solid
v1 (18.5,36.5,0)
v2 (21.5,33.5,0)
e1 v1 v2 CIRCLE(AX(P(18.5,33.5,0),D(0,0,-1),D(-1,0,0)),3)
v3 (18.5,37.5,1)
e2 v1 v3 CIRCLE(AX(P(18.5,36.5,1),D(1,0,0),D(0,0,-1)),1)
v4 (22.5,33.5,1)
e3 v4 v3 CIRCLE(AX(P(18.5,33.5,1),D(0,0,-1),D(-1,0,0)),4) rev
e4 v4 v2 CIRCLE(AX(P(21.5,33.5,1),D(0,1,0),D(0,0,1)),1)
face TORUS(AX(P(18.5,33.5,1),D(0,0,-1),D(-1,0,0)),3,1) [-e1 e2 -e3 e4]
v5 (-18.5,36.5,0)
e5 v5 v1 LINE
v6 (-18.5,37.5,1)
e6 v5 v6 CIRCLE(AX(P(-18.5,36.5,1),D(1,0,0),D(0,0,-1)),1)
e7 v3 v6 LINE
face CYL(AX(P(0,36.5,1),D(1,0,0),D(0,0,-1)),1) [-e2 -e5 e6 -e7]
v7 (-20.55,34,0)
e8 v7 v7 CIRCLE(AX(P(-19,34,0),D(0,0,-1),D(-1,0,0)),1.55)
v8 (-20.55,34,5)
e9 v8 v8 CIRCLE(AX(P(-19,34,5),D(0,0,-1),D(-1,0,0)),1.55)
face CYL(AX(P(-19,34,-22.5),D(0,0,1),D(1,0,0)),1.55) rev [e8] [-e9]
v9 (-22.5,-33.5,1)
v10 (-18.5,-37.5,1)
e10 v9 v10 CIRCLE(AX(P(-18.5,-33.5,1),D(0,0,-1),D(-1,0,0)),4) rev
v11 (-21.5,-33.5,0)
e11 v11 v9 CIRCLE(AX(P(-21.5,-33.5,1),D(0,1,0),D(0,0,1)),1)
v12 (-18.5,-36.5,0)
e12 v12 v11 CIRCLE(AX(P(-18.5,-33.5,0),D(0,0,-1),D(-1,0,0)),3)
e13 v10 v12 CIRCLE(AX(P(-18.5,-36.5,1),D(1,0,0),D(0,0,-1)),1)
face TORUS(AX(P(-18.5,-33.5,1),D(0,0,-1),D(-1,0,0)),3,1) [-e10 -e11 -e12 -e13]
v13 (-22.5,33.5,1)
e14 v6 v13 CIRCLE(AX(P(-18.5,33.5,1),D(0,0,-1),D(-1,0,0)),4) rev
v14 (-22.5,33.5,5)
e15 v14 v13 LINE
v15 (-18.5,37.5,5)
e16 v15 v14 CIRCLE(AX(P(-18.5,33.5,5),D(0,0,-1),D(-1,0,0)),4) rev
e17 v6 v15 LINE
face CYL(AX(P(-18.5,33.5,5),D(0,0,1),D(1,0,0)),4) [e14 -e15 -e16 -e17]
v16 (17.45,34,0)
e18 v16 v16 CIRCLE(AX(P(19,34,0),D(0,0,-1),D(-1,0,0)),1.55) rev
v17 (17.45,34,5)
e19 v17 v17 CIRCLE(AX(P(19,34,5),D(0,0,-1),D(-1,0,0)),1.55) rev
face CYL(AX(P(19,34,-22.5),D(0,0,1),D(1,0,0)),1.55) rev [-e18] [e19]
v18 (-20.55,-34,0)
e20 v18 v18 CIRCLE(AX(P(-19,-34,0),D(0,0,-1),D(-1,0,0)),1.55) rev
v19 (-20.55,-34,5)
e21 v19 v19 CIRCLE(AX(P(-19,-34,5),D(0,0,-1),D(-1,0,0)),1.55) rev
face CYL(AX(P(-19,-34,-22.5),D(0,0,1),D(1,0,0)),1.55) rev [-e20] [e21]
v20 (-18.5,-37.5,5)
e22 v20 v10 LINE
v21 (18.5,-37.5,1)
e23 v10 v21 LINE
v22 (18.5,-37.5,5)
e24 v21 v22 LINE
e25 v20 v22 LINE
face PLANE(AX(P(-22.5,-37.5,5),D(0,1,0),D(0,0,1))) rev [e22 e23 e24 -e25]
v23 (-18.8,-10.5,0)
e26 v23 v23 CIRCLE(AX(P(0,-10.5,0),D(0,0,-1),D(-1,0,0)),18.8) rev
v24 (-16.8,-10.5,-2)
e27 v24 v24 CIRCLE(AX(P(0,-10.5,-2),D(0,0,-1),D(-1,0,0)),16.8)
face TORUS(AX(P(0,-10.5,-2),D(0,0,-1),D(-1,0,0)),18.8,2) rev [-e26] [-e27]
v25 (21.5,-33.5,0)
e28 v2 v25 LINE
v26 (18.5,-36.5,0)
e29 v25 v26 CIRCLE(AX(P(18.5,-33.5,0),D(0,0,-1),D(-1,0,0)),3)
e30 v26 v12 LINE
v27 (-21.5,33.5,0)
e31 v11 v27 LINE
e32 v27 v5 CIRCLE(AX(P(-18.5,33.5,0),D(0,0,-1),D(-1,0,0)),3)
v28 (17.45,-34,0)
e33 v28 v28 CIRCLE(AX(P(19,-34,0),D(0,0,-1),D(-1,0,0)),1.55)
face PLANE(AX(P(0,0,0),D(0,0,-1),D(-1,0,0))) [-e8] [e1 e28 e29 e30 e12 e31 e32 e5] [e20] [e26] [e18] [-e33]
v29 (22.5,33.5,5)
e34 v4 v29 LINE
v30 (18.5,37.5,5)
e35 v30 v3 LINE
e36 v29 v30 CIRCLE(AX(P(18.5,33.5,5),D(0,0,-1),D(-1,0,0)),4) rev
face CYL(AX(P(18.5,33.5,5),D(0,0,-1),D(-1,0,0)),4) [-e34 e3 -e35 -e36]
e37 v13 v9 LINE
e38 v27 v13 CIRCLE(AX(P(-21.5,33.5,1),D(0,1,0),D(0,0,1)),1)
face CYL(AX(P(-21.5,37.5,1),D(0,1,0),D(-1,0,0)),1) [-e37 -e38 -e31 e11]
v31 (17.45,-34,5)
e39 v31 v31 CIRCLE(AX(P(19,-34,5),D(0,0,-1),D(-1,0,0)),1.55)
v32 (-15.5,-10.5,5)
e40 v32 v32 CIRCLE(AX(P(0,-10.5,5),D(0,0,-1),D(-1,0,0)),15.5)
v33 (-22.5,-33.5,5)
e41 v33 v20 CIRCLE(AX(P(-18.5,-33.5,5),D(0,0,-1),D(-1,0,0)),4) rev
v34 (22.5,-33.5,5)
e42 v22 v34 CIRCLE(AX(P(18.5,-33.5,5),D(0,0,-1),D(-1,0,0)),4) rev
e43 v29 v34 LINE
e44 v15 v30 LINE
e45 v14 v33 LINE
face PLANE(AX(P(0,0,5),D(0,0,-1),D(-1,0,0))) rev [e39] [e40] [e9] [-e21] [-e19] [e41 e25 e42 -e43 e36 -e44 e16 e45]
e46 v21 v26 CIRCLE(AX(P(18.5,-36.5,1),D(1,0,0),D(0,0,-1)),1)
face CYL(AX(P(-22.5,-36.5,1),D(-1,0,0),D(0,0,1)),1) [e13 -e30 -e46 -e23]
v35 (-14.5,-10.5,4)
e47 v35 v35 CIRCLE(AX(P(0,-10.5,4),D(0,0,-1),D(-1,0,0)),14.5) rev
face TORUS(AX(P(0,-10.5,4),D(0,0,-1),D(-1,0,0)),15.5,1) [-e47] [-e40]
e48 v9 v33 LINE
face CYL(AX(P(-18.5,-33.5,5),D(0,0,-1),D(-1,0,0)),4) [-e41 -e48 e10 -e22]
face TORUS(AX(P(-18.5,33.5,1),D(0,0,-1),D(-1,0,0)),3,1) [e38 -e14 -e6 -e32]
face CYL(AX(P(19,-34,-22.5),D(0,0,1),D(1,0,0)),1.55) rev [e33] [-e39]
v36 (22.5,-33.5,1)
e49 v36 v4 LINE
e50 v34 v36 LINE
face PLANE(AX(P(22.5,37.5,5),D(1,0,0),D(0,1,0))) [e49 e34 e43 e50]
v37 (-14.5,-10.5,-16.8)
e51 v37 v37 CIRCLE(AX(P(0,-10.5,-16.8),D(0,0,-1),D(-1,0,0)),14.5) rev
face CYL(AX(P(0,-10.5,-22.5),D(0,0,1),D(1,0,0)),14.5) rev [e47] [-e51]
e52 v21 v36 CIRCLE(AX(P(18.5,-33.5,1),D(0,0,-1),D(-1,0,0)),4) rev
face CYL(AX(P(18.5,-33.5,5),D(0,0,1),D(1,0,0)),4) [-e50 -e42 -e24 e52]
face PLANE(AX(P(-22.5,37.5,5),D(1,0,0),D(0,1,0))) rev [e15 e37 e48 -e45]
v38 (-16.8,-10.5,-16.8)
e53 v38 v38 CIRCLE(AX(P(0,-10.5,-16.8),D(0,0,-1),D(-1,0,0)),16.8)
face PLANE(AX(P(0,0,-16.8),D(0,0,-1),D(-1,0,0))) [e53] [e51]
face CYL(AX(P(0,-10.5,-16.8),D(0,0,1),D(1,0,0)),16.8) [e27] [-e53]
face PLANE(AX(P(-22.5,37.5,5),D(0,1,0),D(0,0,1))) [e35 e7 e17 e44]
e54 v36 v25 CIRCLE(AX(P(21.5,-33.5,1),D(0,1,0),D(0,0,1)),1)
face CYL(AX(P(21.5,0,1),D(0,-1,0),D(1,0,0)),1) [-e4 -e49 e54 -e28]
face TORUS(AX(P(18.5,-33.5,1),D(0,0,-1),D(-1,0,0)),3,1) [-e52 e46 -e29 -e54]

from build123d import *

# Parameters (mm, degrees)
SKETCH1_W           = 45
SKETCH1_H           = 75
BOSS_EXTRUDE1_DEPTH = 5
SKETCH2_R           = 1.55
SKETCH2_R_2         = 14.5
SKETCH2_R_3         = 10
CUT_EXTRUDE4_DEPTH  = 27.5
FILLET3_R           = 4
SKETCH3_R           = 16.8
SKETCH3_R_2         = 14.5
BOSS_EXTRUDE2_DEPTH = 16.8
FILLET4_R           = 2
FILLET5_R           = 1


with BuildPart() as part:
    # Sketch1 → Boss-Extrude1 (new body)
    with BuildSketch(Plane.XY):
        Rectangle(SKETCH1_W, SKETCH1_H)
    extrude(amount=BOSS_EXTRUDE1_DEPTH)

    # Sketch2 → Cut-Extrude4 (cut, symmetric)
    # profile 1 of 6: a face of its own
    with BuildSketch(Plane.XY.offset(5)):
        with Locations(Location((19, 34, 0), (0, 0, 180))):
            Circle(SKETCH2_R)
    # profile 2 of 6: a face of its own
    with BuildSketch(Plane.XY.offset(5)):
        with Locations(Location((-19, 34, 0), (0, 0, 180))):
            Circle(SKETCH2_R)
    # profile 3 of 6: a face of its own
    with BuildSketch(Plane.XY.offset(5)):
        with Locations(Location((19, -34, 0), (0, 0, 180))):
            Circle(SKETCH2_R)
    # profile 4 of 6: a face of its own
    with BuildSketch(Plane.XY.offset(5)):
        with Locations(Location((-19, -34, 0), (0, 0, 180))):
            Circle(SKETCH2_R)
    # profile 5 of 6: a face of its own
    with BuildSketch(Plane.XY.offset(5)):
        with Locations(Location((0, -10.5, 0), (0, 0, 180))):
            Circle(SKETCH2_R_2)
        with Locations((0, -10.5)):
            Circle(SKETCH2_R_3, mode=Mode.SUBTRACT)
    # profile 6 of 6: a face of its own
    with BuildSketch(Plane.XY.offset(5)):
        with Locations((0, -10.5)):
            Circle(SKETCH2_R_3)
    extrude(amount=CUT_EXTRUDE4_DEPTH, both=True, mode=Mode.SUBTRACT)

    # Fillet3
    fillet3_edges = [part.edges().sort_by_distance(p)[0] for p in [
        (-22.5, -37.5, 2.5),
        (-22.5, 37.5, 2.5),
        (22.5, 37.5, 2.5),
        (22.5, -37.5, 2.5),
    ]]
    fillet(fillet3_edges, radius=FILLET3_R)

    # Sketch3 → Boss-Extrude2 (add)
    with BuildSketch(Plane(origin=(0, 0, 0), x_dir=(-1, 0, 0), z_dir=(0, 0, -1))):
        with Locations((0, -10.5)):
            Circle(SKETCH3_R)
        with Locations((0, -10.5)):
            Circle(SKETCH3_R_2, mode=Mode.SUBTRACT)
    extrude(amount=BOSS_EXTRUDE2_DEPTH)

    # Fillet4
    fillet4_edges = [part.edges().sort_by_distance(p)[0] for p in [
        (16.8, -10.5, 0),
    ]]
    fillet(fillet4_edges, radius=FILLET4_R)

    # Fillet5
    fillet5_edges = [part.edges().sort_by_distance(p)[0] for p in [
        (14.5, -10.5, 5),
        (0, -37.5, 0),
        (-22.5, 0, 0),
        (0, 37.5, 0),
        (22.5, 0, 0),
        (-21.328427125, 36.328427125, 0),
        (21.328427125, 36.328427125, 0),
        (21.328427125, -36.328427125, 0),
        (-21.328427125, -36.328427125, 0),
    ]]
    fillet(fillet5_edges, radius=FILLET5_R)


solid = part.part
